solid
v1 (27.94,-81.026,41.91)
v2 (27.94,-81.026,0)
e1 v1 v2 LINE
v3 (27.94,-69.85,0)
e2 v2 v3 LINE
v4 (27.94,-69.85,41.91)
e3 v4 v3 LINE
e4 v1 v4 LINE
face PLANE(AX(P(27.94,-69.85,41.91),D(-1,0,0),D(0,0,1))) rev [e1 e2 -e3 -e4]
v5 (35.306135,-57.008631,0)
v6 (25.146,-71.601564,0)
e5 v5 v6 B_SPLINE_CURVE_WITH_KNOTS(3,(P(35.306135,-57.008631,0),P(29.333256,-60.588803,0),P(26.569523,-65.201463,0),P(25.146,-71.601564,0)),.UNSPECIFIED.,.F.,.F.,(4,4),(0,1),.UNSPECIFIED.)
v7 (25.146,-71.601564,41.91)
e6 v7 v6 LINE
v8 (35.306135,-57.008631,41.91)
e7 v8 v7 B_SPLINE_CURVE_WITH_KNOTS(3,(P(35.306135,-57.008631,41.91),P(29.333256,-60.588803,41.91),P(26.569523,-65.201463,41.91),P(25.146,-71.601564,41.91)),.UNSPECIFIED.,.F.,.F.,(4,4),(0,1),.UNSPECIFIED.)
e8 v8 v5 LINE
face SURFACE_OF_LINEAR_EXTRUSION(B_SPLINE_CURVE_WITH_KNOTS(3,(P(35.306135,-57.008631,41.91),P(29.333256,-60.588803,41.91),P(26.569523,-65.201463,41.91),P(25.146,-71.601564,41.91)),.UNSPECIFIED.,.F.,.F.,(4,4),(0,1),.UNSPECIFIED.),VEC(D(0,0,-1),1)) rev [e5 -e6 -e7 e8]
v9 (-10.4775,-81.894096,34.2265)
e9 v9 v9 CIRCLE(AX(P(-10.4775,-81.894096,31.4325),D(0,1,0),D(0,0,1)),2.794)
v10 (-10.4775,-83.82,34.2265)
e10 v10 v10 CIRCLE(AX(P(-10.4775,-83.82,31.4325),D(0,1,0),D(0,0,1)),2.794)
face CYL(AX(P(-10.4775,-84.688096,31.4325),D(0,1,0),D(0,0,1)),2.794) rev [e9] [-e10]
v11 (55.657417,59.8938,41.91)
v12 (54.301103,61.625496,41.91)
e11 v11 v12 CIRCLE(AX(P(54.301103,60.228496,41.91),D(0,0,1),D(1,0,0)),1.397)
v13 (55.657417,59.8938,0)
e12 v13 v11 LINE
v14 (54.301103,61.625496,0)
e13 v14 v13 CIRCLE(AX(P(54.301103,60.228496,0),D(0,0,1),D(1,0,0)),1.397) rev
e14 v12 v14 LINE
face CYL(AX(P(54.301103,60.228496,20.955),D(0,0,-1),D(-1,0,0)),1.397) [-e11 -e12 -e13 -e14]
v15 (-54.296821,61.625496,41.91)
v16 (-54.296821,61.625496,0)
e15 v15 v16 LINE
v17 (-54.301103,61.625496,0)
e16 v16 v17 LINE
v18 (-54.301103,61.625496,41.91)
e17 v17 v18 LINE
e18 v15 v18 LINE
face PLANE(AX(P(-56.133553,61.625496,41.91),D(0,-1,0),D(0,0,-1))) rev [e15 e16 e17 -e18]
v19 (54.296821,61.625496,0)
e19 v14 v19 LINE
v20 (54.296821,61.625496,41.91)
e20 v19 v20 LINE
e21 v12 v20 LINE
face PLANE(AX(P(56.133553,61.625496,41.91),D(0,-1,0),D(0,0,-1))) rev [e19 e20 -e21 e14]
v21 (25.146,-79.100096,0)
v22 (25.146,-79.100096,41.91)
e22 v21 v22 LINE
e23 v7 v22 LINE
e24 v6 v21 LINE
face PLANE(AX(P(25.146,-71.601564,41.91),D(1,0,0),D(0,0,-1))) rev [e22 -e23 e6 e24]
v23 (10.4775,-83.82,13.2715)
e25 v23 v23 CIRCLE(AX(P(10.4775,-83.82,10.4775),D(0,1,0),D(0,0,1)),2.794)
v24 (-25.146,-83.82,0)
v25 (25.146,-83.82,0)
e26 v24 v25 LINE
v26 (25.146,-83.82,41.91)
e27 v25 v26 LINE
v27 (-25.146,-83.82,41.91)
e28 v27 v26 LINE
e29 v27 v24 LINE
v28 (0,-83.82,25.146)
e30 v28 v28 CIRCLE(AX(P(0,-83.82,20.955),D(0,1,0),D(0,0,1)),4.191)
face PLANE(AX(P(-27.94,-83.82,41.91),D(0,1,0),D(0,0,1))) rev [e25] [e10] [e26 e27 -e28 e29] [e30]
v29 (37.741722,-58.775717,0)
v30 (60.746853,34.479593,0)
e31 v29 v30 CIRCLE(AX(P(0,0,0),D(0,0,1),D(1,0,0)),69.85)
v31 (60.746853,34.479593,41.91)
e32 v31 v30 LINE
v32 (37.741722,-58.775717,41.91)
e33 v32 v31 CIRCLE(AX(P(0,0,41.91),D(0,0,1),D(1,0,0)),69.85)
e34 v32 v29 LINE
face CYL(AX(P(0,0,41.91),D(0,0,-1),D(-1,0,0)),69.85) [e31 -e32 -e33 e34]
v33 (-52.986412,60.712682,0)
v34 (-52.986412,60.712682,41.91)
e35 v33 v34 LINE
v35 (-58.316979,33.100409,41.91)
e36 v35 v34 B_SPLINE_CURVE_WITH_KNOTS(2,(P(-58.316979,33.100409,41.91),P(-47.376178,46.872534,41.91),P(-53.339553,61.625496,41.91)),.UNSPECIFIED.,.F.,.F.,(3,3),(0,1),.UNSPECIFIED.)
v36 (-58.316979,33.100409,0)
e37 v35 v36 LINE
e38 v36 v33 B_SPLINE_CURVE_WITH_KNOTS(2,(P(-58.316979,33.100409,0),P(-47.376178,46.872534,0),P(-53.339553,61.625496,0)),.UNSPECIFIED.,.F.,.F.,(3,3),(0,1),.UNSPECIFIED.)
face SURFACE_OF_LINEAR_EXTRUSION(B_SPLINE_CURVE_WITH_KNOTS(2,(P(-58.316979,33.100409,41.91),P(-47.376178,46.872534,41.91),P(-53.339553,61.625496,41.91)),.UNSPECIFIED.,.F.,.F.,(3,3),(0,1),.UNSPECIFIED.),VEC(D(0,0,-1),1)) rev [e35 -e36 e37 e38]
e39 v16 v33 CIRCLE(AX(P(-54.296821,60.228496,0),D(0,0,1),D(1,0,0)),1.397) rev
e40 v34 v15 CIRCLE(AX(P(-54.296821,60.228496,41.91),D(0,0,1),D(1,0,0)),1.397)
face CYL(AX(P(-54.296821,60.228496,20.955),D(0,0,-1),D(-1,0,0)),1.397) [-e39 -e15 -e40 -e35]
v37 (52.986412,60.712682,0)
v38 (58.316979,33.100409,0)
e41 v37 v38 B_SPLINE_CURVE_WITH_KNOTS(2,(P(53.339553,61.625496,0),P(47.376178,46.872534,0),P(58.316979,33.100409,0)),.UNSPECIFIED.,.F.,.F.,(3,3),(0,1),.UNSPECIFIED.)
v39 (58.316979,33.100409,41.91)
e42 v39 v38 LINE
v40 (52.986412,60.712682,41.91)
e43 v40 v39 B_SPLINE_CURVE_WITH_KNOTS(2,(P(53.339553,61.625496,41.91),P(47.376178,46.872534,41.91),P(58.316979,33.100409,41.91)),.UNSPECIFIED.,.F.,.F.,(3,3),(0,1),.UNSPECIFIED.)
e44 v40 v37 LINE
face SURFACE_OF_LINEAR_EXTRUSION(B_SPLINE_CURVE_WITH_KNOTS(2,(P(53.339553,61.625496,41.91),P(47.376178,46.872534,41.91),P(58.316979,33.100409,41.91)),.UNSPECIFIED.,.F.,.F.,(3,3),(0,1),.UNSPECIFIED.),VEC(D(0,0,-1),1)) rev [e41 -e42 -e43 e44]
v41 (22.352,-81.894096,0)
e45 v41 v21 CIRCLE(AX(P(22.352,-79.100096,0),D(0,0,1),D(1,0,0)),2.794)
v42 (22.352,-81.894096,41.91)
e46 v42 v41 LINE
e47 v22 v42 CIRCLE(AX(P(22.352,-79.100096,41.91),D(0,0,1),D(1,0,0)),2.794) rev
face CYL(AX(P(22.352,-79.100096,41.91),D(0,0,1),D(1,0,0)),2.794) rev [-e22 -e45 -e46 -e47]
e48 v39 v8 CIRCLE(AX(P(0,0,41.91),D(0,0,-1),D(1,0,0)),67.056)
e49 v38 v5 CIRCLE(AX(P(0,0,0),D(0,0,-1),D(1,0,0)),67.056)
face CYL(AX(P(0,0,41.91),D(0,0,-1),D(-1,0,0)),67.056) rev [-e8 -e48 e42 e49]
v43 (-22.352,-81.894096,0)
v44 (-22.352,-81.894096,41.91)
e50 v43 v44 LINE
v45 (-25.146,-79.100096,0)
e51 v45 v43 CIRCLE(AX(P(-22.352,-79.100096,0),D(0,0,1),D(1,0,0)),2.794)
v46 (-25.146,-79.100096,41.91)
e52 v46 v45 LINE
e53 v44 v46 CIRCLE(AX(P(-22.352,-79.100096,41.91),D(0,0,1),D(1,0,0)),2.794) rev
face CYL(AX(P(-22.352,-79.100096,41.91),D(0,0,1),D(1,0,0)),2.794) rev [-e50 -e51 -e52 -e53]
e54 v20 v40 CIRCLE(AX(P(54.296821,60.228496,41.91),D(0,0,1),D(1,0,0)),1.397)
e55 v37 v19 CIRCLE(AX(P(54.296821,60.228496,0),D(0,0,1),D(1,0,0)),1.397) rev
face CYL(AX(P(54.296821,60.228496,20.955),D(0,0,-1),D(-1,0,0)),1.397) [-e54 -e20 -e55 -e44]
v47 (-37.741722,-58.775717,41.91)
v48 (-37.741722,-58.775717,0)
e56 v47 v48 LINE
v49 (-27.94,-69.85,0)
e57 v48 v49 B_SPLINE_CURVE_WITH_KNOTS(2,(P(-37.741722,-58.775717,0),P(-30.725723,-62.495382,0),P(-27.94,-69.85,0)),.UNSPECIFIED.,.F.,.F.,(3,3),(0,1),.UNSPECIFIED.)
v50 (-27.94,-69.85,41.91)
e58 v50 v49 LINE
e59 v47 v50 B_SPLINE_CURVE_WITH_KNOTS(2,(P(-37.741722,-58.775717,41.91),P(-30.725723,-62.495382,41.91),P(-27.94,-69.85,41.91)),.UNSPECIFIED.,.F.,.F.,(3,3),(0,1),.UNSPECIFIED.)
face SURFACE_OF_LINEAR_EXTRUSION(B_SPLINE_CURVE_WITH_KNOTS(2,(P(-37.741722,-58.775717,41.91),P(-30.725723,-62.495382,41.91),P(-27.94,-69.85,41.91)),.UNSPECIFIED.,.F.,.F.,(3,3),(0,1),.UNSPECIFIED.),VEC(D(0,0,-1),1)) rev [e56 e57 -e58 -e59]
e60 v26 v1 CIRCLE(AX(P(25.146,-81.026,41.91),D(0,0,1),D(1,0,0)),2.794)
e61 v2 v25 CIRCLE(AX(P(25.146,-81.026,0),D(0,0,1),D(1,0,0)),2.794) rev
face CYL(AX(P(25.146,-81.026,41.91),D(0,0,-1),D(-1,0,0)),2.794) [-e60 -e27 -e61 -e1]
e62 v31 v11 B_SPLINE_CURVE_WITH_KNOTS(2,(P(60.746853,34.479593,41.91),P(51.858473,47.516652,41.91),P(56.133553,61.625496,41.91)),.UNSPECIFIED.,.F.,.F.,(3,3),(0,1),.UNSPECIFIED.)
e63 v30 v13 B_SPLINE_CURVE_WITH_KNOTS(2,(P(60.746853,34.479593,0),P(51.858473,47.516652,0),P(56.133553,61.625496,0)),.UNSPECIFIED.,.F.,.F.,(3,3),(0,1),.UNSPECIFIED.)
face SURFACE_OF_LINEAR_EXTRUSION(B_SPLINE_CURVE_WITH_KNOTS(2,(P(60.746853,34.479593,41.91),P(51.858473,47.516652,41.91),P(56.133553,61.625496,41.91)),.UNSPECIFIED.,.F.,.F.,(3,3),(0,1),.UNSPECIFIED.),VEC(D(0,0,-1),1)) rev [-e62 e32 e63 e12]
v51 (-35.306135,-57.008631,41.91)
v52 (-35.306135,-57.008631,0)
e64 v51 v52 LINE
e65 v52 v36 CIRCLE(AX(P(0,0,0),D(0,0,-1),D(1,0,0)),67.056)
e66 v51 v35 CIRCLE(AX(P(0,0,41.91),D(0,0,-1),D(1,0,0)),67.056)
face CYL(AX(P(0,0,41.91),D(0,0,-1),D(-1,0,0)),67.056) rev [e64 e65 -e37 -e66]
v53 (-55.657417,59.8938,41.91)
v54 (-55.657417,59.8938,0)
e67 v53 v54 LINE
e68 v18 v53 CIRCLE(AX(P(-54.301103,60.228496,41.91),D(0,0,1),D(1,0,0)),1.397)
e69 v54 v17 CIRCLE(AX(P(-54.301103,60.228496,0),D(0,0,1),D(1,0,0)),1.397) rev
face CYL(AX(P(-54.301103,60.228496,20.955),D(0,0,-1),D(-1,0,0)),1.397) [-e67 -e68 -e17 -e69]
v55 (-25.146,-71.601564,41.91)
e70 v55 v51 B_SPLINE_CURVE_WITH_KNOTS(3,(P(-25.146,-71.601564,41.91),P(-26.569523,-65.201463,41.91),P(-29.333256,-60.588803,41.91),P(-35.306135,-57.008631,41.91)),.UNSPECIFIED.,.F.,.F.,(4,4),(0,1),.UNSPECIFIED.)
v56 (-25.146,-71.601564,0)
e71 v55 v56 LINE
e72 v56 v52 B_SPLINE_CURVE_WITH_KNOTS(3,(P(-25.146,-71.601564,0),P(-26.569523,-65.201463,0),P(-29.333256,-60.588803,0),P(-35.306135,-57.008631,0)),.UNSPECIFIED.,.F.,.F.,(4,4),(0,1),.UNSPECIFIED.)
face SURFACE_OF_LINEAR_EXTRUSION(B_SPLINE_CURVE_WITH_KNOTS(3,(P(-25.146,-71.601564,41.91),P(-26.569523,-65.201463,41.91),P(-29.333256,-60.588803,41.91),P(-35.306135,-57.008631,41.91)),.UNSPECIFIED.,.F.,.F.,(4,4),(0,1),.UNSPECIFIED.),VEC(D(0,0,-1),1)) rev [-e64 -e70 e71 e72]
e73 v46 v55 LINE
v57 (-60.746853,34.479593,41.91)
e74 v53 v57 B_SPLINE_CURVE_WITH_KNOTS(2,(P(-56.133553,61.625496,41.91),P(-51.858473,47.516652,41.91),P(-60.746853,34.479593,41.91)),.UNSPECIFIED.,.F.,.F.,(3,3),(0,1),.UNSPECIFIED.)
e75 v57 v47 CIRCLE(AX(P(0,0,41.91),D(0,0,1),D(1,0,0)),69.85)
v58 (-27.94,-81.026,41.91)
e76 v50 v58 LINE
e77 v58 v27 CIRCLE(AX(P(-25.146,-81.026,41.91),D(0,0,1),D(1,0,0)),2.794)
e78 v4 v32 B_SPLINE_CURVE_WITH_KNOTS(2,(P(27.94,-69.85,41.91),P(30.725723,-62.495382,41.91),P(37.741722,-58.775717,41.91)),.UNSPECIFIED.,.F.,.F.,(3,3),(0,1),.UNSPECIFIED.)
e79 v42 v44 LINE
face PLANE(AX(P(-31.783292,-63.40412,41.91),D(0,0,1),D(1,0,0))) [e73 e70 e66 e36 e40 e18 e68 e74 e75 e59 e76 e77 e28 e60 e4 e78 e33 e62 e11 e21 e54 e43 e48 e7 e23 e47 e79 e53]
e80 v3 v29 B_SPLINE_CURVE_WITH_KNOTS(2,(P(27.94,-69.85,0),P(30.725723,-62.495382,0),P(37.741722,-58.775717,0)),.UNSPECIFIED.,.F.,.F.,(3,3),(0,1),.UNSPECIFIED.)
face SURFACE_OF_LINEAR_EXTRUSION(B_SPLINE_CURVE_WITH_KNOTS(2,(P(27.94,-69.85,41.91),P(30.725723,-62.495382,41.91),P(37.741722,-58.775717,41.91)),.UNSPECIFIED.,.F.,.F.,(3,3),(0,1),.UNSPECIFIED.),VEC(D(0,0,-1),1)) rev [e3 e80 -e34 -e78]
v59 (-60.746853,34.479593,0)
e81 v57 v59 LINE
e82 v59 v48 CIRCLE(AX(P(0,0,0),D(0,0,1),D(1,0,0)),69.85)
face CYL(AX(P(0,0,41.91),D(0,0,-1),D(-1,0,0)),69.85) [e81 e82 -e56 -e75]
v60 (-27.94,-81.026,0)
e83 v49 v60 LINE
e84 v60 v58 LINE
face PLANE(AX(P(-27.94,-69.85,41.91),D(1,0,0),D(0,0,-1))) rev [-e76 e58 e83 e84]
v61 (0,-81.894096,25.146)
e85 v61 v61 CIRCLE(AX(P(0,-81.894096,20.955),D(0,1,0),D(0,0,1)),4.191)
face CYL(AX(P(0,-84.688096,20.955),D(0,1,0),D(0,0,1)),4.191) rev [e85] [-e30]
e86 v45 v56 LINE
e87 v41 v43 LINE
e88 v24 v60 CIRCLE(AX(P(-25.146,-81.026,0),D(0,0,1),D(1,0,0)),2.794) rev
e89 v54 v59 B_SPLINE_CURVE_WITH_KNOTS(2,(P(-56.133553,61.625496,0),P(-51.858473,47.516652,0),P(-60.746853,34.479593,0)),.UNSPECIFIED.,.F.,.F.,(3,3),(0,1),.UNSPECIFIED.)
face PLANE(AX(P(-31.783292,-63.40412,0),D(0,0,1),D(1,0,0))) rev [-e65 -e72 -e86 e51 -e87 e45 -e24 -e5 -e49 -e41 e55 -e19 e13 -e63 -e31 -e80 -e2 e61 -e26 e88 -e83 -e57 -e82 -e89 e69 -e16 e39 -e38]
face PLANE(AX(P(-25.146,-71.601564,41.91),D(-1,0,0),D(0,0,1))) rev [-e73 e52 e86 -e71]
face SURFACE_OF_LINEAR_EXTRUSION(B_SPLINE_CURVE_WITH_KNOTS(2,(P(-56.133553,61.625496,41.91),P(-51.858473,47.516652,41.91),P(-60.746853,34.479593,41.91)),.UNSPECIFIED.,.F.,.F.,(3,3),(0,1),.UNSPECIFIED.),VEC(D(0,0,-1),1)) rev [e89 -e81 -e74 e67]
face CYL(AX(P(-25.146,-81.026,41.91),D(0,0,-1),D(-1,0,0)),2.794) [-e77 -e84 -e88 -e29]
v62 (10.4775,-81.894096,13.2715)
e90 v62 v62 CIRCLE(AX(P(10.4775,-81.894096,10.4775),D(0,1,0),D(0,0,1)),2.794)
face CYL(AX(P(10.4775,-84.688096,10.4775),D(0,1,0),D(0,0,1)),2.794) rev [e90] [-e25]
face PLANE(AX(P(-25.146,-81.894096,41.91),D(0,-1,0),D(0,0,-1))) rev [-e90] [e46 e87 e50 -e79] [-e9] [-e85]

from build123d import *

# Parameters (mm, degrees)
BOSS_EXTRUDE1_DEPTH = 38.1
SKETCH2_R           = 3.81
SKETCH2_R_2         = 2.54
CUT_EXTRUDE1_DEPTH  = 2.54
FILLET1_R           = 1.27
FILLET2_R           = 2.54
SCALE1_SCALE        = 1.1


with BuildPart() as part:
    # Sketch1 → Boss-Extrude1 (new body)
    with BuildSketch(Plane.XY):
        with BuildLine():
            Line((-51.030503122, 56.023178588), (-48.490503122, 56.023178588))
            add(Edge.make_bspline(
                [(-48.490503122, 56.023178588), (-43.069252532, 42.611394773), (-53.01543557, 30.091280986)],
                knots=[0, 0, 0, 1, 1, 1], degree=2))
            ThreePointArc((-53.01543557, 30.091280986), (-59.06455096, -15.083117047), (-32.096486043, -51.826028053))
            add(Edge.make_bspline(
                [(-32.096486043, -51.826028053), (-26.666596777, -55.080730316), (-24.15411201, -59.274056829), (-22.86, -65.092330549)],
                knots=[0, 0, 0, 0, 1, 1, 1, 1], degree=3))
            Line((-22.86, -65.092330549), (-22.86, -74.449178354))
            Line((-22.86, -74.449178354), (22.86, -74.449178354))
            Line((22.86, -74.449178354), (22.86, -65.092330549))
            add(Edge.make_bspline(
                [(32.096486043, -51.826028053), (26.666596777, -55.080730316), (24.15411201, -59.274056829), (22.86, -65.092330549)],
                knots=[0, 0, 0, 0, 1, 1, 1, 1], degree=3))
            ThreePointArc((32.096486043, -51.826028053), (59.06455096, -15.083117047), (53.01543557, 30.091280986))
            add(Edge.make_bspline(
                [(48.490503122, 56.023178588), (43.069252532, 42.611394773), (53.01543557, 30.091280986)],
                knots=[0, 0, 0, 1, 1, 1], degree=2))
            Line((48.490503122, 56.023178588), (51.030503122, 56.023178588))
            add(Edge.make_bspline(
                [(55.224412052, 31.34508436), (47.144066751, 43.196956405), (51.030503122, 56.023178588)],
                knots=[0, 0, 0, 1, 1, 1], degree=2))
            ThreePointArc((55.224412052, 31.34508436), (61.651768505, -15.208860583), (34.310656711, -53.432469867))
            add(Edge.make_bspline(
                [(34.310656711, -53.432469867), (27.932475889, -56.813983763), (25.4, -63.5)],
                knots=[0, 0, 0, 1, 1, 1], degree=2))
            Line((25.4, -63.5), (25.4, -76.2))
            Line((25.4, -76.2), (-25.4, -76.2))
            Line((-25.4, -76.2), (-25.4, -63.5))
            add(Edge.make_bspline(
                [(-34.310656711, -53.432469867), (-27.932475889, -56.813983763), (-25.4, -63.5)],
                knots=[0, 0, 0, 1, 1, 1], degree=2))
            ThreePointArc((-34.310656711, -53.432469867), (-61.651768505, -15.208860583), (-55.224412052, 31.34508436))
            add(Edge.make_bspline(
                [(-55.224412052, 31.34508436), (-47.144066751, 43.196956405), (-51.030503122, 56.023178588)],
                knots=[0, 0, 0, 1, 1, 1], degree=2))
        make_face()
    extrude(amount=BOSS_EXTRUDE1_DEPTH)

    # Sketch2 → Cut-Extrude1 (cut)
    with BuildSketch(Plane(origin=(0, -74.449178354, 0), x_dir=(1, 0, 0), z_dir=(0, 1, 0))):
        with Locations((0, -19.05)):
            Circle(SKETCH2_R)
        with Locations((9.525, -9.525)):
            Circle(SKETCH2_R_2)
        with Locations((-9.525, -28.575)):
            Circle(SKETCH2_R_2)
    extrude(amount=-CUT_EXTRUDE1_DEPTH, mode=Mode.SUBTRACT)

    # Fillet1
    fillet1_edges = [part.edges().sort_by_distance(p)[0] for p in [
        (51.030503122, 56.023178588, 19.05),
        (48.490503122, 56.023178588, 19.05),
        (-48.490503122, 56.023178588, 19.05),
        (-51.030503122, 56.023178588, 19.05),
    ]]
    fillet(fillet1_edges, radius=FILLET1_R)

    # Fillet2
    fillet2_edges = [part.edges().sort_by_distance(p)[0] for p in [
        (-22.86, -74.449178354, 19.05),
        (22.86, -74.449178354, 19.05),
        (25.4, -76.2, 19.05),
        (-25.4, -76.2, 19.05),
    ]]
    fillet(fillet2_edges, radius=FILLET2_R)


with BuildPart() as part_1:
    # Scale1: scaled about (0, 0, 0)
    add(part.part.scale(SCALE1_SCALE))


solid = part_1.part
